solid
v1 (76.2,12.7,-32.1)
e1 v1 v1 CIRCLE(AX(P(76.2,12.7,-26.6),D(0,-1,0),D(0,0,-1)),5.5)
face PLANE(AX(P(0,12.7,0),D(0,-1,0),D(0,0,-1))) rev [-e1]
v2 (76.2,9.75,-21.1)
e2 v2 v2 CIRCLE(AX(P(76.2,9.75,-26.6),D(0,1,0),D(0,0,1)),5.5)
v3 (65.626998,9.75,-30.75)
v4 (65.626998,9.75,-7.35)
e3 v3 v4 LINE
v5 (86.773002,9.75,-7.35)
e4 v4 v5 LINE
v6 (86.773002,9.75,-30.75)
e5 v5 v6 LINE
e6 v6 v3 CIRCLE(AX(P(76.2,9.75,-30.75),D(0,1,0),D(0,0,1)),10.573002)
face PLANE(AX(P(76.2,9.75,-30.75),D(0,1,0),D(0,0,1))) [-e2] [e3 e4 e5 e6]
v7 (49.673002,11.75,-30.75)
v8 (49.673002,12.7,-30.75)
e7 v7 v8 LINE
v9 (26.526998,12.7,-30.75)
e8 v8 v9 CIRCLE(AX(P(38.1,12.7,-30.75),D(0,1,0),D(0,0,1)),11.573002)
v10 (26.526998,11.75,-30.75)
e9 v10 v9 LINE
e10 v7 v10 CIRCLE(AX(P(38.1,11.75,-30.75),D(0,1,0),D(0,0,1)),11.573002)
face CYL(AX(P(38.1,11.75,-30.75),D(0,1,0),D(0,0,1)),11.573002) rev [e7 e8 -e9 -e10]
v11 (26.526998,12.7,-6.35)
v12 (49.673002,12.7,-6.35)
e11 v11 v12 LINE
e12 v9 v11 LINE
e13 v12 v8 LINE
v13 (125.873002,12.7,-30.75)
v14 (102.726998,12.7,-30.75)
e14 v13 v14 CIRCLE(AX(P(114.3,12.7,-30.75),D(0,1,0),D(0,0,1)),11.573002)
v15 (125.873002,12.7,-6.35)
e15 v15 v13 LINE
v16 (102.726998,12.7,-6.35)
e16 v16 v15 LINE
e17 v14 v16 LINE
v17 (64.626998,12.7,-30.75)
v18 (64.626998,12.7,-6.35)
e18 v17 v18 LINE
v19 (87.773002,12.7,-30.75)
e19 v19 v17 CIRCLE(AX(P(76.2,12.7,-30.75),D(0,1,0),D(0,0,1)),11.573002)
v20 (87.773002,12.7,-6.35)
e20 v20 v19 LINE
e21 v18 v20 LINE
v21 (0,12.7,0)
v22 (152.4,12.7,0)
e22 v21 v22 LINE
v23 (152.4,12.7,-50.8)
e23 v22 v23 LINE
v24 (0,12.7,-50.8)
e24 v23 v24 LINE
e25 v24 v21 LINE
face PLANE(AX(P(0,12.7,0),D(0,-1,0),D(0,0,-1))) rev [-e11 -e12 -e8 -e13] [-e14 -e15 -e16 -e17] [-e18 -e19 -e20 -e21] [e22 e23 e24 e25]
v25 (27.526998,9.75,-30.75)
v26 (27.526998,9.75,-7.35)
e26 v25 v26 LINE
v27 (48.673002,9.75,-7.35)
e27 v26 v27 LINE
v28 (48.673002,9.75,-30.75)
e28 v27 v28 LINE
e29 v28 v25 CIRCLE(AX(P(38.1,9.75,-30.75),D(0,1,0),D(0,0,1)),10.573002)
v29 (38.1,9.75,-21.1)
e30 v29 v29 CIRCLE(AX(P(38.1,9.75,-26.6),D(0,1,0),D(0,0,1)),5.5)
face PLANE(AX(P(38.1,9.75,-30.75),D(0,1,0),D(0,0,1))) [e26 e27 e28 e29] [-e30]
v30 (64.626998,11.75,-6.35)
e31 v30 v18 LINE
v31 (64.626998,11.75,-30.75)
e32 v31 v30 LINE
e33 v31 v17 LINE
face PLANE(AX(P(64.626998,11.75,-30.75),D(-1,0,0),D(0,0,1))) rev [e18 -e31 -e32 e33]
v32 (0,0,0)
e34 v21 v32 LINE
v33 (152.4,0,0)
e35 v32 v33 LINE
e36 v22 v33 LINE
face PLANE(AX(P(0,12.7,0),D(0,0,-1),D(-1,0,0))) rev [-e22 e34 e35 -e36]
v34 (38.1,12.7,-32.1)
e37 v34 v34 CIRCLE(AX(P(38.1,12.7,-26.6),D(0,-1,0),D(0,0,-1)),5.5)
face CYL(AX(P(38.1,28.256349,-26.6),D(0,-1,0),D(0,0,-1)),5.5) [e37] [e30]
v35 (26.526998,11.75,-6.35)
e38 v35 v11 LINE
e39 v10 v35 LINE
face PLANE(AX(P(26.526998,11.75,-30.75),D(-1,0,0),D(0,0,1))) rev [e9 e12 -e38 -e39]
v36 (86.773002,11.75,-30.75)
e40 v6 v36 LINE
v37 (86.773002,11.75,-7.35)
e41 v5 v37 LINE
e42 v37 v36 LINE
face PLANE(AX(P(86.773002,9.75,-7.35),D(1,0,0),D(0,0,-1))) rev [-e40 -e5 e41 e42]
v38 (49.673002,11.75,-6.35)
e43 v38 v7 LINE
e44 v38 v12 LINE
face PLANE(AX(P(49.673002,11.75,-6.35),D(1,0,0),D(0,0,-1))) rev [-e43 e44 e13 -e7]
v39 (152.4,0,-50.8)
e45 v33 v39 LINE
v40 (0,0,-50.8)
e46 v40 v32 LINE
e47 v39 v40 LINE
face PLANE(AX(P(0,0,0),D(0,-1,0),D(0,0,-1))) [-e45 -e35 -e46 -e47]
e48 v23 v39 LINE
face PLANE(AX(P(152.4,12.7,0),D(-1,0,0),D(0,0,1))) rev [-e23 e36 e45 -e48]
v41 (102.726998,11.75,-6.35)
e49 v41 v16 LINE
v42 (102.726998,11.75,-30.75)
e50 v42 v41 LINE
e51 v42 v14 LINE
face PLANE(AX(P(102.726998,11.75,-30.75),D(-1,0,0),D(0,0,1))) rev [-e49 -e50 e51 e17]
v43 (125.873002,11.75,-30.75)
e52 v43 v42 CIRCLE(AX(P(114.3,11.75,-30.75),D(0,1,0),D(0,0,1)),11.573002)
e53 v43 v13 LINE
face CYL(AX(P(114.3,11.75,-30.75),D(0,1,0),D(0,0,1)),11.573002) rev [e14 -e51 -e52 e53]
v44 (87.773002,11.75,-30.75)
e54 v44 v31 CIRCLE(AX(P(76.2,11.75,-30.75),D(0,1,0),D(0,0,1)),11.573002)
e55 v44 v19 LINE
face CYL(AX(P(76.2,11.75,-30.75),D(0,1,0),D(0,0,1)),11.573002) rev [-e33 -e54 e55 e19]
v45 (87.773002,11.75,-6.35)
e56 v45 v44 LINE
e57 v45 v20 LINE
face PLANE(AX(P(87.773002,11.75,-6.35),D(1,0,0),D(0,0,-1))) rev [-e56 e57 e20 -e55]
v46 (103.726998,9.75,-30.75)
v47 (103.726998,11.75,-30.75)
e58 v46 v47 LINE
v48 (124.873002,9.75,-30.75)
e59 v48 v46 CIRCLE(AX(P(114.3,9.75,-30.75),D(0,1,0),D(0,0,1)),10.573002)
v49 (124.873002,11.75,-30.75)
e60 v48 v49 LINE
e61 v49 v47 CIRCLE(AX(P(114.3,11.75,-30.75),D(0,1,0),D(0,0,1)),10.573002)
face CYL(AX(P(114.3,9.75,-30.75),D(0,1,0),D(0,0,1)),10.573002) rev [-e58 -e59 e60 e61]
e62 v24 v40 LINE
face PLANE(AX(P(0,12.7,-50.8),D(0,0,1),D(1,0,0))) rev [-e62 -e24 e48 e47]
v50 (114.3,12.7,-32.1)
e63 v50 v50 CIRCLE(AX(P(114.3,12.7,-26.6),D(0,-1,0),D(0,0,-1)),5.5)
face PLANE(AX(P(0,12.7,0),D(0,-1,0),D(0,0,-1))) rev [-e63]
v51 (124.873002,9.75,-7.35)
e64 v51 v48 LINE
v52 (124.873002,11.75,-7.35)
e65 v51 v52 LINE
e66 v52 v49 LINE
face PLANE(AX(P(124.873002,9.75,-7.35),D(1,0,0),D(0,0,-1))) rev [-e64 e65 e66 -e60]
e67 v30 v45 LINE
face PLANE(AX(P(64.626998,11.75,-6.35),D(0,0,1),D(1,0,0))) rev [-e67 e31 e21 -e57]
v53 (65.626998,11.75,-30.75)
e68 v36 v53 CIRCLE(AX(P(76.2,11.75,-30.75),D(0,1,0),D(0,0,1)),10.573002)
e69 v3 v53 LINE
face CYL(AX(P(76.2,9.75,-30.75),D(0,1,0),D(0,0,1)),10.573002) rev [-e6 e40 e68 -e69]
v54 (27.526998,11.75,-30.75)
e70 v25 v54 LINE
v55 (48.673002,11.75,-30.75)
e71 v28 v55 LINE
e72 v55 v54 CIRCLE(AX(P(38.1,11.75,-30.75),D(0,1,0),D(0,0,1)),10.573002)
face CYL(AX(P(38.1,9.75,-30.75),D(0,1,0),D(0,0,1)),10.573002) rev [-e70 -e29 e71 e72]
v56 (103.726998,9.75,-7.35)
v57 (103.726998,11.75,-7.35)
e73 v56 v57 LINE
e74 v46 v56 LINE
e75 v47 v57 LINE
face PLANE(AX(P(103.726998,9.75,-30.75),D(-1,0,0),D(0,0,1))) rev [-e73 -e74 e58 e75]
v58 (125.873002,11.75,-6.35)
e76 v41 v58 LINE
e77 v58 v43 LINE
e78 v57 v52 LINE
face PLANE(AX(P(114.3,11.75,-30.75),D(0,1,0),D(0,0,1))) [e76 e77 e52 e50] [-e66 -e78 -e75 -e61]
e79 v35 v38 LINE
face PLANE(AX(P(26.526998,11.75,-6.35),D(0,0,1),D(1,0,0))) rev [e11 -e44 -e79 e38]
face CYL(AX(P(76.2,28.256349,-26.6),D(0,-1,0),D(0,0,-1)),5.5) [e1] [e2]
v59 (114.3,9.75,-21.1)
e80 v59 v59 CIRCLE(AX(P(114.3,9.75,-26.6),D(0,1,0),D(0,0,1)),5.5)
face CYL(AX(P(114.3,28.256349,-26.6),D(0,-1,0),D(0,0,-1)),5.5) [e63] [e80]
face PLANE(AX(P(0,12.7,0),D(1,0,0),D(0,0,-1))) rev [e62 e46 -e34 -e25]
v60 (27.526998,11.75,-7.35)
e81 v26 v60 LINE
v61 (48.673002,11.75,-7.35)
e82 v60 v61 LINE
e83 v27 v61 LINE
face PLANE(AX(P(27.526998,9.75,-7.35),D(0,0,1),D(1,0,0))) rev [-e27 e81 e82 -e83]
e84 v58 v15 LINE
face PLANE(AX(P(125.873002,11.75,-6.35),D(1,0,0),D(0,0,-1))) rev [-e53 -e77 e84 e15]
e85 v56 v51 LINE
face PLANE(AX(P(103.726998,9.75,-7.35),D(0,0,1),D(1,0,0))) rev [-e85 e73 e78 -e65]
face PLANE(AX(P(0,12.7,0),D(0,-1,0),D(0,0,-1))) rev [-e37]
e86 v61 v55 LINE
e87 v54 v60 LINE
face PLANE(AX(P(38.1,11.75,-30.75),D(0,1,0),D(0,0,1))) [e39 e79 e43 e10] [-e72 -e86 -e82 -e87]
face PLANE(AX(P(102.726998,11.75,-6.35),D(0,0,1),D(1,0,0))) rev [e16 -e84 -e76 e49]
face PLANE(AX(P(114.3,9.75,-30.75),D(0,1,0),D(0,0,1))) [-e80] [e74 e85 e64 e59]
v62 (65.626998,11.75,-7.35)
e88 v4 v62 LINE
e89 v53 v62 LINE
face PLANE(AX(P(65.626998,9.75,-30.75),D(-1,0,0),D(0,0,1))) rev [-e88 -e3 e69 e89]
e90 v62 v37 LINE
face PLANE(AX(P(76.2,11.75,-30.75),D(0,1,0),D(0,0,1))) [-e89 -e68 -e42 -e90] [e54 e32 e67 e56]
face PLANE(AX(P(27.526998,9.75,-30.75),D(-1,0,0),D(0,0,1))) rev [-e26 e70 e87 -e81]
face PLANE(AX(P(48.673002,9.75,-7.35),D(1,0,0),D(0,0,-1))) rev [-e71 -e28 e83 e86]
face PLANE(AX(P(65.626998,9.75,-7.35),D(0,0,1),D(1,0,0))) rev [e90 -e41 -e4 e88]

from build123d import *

# Parameters (mm, degrees)
SKETCH1_W            = 152.4
SKETCH1_H            = 50.8
BOSS_EXTRUDE1_DEPTH  = 12.7
CUT_EXTRUDE1_DEPTH   = 0.95
CUT_EXTRUDE2_DEPTH   = 2
SKETCH4_R            = 5.5
BOSS_EXTRUDE2_DEPTH  = 2.95
LPATTERN1_COUNT      = 2
LPATTERN1_PITCH      = 38.1
LPATTERN1_COUNT_DIR2 = 2
LPATTERN1_PITCH_DIR2 = 38.1


with BuildPart() as part:
    # Sketch1 → Boss-Extrude1 (new body)
    with BuildSketch(Plane(origin=(0, 0, 0), x_dir=(1, 0, 0), z_dir=(0, 1, 0))):
        with Locations((76.2, 25.4)):
            Rectangle(SKETCH1_W, SKETCH1_H)
    extrude(amount=BOSS_EXTRUDE1_DEPTH)

    # Sketch2 → Cut-Extrude1 (cut)
    with BuildSketch(Plane(origin=(0, 12.7, 0), x_dir=(1, 0, 0), z_dir=(0, 1, 0))):
        with BuildLine():
            Line((64.626998, 30.75), (64.626998, 6.35))
            Line((64.626998, 6.35), (87.773002, 6.35))
            Line((87.773002, 6.35), (87.773002, 30.75))
            ThreePointArc((87.773002, 30.75), (76.2, 42.323002), (64.626998, 30.75))
        make_face()
    cut_extrude1 = extrude(amount=-CUT_EXTRUDE1_DEPTH, mode=Mode.SUBTRACT)

    # Sketch3 → Cut-Extrude2 (cut)
    with BuildSketch(Plane(origin=(0, 11.75, 0), x_dir=(1, 0, 0), z_dir=(0, 1, 0))):
        with BuildLine():
            Line((65.626998, 30.75), (65.626998, 7.35))
            Line((65.626998, 7.35), (86.773002, 7.35))
            Line((86.773002, 7.35), (86.773002, 30.75))
            ThreePointArc((86.773002, 30.75), (76.2, 41.323002), (65.626998, 30.75))
        make_face()
    cut_extrude2 = extrude(amount=-CUT_EXTRUDE2_DEPTH, mode=Mode.SUBTRACT)

    # Sketch4 → Boss-Extrude2 (add)
    with BuildSketch(Plane(origin=(0, 9.75, 0), x_dir=(1, 0, 0), z_dir=(0, 1, 0))):
        with Locations(Location((76.2, 26.6, 0), (0, 0, 90))):
            Circle(SKETCH4_R)
    boss_extrude2 = extrude(amount=BOSS_EXTRUDE2_DEPTH)

    # LPattern1: Cut-Extrude1, Cut-Extrude2, Boss-Extrude2 2 × 2
    with Locations(*[Vector(1, 0, 0) * (i * LPATTERN1_PITCH) + Vector(-1, 0, 0) * (j * LPATTERN1_PITCH_DIR2) for i in range(LPATTERN1_COUNT) for j in range(LPATTERN1_COUNT_DIR2) if (i, j) != (0, 0)]):
        add(cut_extrude1, mode=Mode.SUBTRACT)
        add(cut_extrude2, mode=Mode.SUBTRACT)
        add(boss_extrude2)


solid = part.part
